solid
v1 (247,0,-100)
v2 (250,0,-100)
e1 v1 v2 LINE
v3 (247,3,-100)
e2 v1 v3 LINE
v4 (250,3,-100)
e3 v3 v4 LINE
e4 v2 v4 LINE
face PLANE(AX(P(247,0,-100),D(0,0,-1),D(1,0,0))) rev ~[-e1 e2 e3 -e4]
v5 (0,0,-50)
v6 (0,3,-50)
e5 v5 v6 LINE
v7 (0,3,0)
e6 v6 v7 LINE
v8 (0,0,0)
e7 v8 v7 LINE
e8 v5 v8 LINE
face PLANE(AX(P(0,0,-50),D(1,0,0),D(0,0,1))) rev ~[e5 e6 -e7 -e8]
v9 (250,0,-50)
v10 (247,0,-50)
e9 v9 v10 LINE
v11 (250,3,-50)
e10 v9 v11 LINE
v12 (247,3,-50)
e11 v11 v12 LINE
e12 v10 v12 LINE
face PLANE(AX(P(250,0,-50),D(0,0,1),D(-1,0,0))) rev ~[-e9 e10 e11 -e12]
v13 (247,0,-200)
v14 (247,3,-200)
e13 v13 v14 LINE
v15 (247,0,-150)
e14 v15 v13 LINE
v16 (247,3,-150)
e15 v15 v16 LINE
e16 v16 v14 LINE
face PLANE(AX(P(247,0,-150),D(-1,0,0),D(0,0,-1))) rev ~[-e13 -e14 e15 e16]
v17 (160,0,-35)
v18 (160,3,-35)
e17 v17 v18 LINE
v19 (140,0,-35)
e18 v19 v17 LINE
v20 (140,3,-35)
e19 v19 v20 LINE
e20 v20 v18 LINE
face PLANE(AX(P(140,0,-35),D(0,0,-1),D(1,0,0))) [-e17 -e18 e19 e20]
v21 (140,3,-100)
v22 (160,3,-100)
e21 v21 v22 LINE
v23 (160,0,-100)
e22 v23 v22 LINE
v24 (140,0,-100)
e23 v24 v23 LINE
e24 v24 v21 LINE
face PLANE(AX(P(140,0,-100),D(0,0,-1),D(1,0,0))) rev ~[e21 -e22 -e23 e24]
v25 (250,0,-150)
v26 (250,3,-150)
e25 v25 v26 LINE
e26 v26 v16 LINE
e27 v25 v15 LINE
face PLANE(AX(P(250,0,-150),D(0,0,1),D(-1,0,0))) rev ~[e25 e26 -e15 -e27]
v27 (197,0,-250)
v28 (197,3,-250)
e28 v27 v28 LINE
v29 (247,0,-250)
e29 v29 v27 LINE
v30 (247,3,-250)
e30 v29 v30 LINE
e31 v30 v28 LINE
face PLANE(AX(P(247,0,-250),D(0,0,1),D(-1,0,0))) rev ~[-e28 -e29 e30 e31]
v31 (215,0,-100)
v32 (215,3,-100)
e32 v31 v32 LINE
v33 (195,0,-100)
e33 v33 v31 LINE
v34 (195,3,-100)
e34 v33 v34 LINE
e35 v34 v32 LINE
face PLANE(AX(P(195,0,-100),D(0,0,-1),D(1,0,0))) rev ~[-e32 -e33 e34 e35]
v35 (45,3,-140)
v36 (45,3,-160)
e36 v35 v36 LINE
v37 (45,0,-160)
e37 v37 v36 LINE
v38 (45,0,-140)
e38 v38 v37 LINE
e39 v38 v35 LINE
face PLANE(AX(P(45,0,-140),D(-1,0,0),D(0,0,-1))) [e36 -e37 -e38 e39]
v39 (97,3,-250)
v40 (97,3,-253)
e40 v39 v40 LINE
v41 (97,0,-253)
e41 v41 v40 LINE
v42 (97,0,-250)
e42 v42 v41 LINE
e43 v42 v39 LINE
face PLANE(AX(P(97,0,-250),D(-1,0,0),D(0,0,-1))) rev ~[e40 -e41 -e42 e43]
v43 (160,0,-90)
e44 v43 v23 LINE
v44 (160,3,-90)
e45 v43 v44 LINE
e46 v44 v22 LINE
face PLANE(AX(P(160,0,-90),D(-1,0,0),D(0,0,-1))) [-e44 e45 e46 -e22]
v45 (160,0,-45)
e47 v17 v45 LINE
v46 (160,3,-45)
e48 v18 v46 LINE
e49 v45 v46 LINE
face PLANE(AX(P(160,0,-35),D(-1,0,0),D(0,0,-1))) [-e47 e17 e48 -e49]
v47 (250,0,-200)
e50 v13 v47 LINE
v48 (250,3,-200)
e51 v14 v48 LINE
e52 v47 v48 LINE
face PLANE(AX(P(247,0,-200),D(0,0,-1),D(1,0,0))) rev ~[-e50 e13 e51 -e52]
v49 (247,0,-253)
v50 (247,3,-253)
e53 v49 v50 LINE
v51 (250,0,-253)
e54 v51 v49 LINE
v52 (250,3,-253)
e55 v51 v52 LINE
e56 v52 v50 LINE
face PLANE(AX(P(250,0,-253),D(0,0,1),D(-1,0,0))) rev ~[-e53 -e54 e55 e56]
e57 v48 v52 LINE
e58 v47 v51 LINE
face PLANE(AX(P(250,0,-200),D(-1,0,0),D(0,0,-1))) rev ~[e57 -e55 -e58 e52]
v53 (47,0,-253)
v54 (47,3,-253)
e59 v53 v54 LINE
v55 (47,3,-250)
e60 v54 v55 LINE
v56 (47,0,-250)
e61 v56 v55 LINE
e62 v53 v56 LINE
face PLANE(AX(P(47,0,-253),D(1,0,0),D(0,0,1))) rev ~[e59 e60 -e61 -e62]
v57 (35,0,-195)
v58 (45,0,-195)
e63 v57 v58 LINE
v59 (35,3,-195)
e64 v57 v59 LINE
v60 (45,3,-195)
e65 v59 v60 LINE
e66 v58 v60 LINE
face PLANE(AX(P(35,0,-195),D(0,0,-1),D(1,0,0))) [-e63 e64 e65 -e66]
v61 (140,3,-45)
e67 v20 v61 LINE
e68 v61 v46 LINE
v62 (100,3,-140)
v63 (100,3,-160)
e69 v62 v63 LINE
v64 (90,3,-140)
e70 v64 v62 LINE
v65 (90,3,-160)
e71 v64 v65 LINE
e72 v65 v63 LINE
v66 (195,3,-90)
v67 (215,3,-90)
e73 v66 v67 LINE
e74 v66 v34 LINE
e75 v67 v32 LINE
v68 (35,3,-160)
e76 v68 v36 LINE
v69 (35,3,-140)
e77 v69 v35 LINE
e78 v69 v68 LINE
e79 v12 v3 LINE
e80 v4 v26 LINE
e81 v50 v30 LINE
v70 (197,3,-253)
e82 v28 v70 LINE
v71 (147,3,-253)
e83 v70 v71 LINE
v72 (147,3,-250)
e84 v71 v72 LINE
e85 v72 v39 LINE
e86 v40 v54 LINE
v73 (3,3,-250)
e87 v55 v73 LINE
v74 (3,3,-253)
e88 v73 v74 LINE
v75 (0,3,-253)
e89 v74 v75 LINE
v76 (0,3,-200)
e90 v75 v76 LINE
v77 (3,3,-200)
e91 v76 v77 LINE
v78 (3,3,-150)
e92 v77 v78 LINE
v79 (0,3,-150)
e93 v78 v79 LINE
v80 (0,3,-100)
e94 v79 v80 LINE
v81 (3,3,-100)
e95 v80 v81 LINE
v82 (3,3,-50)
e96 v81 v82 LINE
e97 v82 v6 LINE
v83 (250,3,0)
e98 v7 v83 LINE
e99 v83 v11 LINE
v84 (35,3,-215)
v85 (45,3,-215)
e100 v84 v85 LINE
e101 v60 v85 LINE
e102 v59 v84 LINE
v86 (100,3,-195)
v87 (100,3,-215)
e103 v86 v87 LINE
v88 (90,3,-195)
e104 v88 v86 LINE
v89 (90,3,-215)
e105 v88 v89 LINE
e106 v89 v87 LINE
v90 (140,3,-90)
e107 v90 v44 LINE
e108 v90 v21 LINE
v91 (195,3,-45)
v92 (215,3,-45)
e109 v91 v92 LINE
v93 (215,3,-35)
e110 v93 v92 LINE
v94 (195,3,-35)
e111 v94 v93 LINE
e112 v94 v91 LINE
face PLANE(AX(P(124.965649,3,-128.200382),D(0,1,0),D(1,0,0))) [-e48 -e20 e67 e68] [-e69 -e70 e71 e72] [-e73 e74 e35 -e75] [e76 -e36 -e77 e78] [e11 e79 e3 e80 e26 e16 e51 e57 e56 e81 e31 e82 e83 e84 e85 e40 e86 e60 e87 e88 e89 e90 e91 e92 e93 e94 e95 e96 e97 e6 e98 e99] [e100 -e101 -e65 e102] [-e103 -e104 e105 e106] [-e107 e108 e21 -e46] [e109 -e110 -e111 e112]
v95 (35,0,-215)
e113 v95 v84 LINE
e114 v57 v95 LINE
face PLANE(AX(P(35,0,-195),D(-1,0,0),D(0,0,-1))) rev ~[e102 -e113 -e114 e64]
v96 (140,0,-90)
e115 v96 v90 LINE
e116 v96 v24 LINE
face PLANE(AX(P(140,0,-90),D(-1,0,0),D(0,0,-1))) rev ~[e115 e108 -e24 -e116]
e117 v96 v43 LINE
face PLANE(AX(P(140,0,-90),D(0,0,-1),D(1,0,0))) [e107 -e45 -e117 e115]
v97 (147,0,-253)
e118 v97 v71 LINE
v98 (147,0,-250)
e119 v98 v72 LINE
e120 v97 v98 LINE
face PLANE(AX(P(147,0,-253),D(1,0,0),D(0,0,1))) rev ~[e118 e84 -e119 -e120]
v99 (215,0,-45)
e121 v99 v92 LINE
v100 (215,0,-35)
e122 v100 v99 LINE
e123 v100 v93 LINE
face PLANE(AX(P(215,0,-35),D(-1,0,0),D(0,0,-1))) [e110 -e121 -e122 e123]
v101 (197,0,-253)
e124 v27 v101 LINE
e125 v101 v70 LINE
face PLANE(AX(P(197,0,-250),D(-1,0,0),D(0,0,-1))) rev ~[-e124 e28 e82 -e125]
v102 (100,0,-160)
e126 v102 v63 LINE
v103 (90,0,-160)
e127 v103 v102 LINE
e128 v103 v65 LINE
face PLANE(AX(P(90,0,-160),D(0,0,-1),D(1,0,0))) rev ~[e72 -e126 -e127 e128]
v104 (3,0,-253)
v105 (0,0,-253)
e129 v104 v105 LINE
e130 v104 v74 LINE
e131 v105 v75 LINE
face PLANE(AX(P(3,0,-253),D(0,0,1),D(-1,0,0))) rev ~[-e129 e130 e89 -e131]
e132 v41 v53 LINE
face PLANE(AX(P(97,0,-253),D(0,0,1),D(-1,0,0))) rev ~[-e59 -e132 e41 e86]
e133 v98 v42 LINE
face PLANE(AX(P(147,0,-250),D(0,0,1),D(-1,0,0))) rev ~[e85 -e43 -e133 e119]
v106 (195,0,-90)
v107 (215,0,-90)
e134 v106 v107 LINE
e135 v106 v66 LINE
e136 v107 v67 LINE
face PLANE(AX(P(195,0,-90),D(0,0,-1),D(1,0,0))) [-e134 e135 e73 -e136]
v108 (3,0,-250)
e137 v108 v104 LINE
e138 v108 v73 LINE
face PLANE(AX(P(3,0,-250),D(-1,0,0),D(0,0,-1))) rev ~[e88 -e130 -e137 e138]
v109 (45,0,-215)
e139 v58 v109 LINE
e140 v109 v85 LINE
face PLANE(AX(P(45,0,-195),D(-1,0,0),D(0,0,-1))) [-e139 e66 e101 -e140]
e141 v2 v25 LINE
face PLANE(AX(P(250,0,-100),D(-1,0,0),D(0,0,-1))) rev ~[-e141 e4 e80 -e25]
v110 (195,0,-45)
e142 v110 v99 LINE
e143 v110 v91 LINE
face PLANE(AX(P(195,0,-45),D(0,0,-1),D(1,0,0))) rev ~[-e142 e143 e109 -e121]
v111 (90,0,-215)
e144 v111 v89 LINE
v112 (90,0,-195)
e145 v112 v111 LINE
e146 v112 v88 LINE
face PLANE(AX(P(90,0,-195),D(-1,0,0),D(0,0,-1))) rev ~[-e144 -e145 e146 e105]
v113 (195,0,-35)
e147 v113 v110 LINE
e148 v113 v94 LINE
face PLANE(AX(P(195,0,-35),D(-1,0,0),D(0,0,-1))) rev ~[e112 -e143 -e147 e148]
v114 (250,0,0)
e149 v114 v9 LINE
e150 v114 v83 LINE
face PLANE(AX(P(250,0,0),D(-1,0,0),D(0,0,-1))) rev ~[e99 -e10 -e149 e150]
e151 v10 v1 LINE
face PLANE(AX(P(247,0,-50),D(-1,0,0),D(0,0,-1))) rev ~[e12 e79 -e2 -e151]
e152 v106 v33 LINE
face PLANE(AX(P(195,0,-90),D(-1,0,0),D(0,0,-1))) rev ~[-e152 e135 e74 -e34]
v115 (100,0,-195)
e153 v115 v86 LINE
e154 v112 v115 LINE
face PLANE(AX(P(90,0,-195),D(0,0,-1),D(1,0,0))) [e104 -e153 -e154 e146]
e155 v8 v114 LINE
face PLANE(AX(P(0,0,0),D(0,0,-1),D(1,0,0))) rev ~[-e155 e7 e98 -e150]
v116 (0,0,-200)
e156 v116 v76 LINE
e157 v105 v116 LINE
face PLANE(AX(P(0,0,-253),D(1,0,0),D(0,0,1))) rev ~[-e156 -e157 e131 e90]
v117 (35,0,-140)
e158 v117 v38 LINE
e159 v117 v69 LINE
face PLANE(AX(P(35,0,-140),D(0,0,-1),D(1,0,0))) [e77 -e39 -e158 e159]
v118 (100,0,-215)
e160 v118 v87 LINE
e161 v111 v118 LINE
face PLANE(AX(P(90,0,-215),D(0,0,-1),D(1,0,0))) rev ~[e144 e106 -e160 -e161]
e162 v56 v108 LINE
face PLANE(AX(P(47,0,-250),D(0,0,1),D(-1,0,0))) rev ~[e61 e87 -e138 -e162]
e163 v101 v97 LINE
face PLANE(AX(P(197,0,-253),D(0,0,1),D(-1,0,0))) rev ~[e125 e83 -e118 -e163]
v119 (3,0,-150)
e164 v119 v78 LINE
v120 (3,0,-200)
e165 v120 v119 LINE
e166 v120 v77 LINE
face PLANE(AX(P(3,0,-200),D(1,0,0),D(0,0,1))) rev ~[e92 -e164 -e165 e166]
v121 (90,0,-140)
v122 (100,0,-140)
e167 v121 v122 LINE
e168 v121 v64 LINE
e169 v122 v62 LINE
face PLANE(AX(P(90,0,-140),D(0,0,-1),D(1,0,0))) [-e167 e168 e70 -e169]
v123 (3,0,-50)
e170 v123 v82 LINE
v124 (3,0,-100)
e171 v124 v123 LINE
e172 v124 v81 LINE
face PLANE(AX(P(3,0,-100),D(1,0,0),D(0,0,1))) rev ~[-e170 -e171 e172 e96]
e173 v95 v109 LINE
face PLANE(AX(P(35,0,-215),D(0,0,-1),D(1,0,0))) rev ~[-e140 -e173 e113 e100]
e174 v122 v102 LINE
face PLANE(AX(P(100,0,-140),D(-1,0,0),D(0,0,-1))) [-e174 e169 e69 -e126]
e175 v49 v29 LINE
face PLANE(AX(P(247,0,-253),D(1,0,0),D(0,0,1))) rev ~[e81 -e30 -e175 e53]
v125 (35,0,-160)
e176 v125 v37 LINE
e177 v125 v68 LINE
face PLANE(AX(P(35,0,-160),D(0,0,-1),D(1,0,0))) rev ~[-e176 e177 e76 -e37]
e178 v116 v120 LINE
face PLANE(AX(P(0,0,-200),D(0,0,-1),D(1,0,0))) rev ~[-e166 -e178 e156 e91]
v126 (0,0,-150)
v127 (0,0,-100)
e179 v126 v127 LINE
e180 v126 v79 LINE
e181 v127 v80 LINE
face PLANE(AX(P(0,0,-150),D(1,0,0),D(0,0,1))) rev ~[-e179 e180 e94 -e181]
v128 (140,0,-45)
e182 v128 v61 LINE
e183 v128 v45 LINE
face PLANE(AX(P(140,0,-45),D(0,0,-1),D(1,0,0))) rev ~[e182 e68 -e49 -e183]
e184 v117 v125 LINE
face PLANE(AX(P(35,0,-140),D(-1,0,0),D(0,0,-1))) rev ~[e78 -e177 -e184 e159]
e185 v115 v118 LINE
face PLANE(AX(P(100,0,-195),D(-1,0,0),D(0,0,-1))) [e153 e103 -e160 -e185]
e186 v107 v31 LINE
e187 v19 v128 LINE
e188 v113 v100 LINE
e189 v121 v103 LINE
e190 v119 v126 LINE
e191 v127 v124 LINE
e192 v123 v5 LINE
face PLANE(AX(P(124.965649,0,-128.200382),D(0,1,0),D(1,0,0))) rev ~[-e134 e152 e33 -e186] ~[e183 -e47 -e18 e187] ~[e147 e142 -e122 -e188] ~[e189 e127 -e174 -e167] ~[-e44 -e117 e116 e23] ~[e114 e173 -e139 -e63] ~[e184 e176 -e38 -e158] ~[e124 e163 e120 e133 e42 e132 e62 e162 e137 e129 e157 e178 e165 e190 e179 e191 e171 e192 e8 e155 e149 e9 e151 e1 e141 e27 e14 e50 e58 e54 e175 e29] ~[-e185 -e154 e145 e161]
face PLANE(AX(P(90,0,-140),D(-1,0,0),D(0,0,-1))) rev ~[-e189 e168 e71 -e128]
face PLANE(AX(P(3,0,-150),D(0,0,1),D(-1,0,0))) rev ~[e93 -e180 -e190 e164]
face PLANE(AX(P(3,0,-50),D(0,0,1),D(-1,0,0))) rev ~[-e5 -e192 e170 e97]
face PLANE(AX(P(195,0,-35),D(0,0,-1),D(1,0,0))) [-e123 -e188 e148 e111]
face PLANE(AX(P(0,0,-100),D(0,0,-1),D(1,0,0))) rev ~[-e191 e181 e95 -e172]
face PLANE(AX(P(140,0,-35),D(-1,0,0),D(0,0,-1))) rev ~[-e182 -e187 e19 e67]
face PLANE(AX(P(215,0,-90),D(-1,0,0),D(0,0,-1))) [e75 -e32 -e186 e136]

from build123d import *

# Parameters (mm, degrees)
SKETCH1_W           = 10
SKETCH1_H           = 20
SKETCH1_W_2         = 20
SKETCH1_H_2         = 10
BOSS_EXTRUDE1_DEPTH = 3


with BuildPart() as part:
    # Sketch1 → Boss-Extrude1 (new body)
    with BuildSketch(Plane(origin=(0, 0, 0), x_dir=(1, 0, 0), z_dir=(0, 1, 0))):
        Polygon((250, 100), (250, 150), (247, 150), (247, 200), (250, 200), (250, 250), (250, 253), (247, 253), (247, 250), (197, 250), (197, 253), (147, 253), (147, 250), (97, 250), (97, 253), (47, 253), (47, 250), (3, 250), (3, 253), (0, 253), (0, 250), (0, 200), (3, 200), (3, 150), (0, 150), (0, 100), (3, 100), (3, 50), (0, 50), (0, 0), (250, 0), (250, 50), (247, 50), (247, 100), align=None)
        with Locations((95, 150)):
            Rectangle(SKETCH1_W, SKETCH1_H, mode=Mode.SUBTRACT)
        with Locations((40, 150)):
            Rectangle(SKETCH1_W, SKETCH1_H, mode=Mode.SUBTRACT)
        with Locations((205, 95)):
            Rectangle(SKETCH1_W_2, SKETCH1_H_2, mode=Mode.SUBTRACT)
        with Locations((205, 40)):
            Rectangle(SKETCH1_W_2, SKETCH1_H_2, mode=Mode.SUBTRACT)
        with Locations((40, 205)):
            Rectangle(SKETCH1_W, SKETCH1_H, mode=Mode.SUBTRACT)
        with Locations((95, 205)):
            Rectangle(SKETCH1_W, SKETCH1_H, mode=Mode.SUBTRACT)
        with Locations((150, 95)):
            Rectangle(SKETCH1_W_2, SKETCH1_H_2, mode=Mode.SUBTRACT)
        with Locations((150, 40)):
            Rectangle(SKETCH1_W_2, SKETCH1_H_2, mode=Mode.SUBTRACT)
    extrude(amount=BOSS_EXTRUDE1_DEPTH)


solid = part.part
